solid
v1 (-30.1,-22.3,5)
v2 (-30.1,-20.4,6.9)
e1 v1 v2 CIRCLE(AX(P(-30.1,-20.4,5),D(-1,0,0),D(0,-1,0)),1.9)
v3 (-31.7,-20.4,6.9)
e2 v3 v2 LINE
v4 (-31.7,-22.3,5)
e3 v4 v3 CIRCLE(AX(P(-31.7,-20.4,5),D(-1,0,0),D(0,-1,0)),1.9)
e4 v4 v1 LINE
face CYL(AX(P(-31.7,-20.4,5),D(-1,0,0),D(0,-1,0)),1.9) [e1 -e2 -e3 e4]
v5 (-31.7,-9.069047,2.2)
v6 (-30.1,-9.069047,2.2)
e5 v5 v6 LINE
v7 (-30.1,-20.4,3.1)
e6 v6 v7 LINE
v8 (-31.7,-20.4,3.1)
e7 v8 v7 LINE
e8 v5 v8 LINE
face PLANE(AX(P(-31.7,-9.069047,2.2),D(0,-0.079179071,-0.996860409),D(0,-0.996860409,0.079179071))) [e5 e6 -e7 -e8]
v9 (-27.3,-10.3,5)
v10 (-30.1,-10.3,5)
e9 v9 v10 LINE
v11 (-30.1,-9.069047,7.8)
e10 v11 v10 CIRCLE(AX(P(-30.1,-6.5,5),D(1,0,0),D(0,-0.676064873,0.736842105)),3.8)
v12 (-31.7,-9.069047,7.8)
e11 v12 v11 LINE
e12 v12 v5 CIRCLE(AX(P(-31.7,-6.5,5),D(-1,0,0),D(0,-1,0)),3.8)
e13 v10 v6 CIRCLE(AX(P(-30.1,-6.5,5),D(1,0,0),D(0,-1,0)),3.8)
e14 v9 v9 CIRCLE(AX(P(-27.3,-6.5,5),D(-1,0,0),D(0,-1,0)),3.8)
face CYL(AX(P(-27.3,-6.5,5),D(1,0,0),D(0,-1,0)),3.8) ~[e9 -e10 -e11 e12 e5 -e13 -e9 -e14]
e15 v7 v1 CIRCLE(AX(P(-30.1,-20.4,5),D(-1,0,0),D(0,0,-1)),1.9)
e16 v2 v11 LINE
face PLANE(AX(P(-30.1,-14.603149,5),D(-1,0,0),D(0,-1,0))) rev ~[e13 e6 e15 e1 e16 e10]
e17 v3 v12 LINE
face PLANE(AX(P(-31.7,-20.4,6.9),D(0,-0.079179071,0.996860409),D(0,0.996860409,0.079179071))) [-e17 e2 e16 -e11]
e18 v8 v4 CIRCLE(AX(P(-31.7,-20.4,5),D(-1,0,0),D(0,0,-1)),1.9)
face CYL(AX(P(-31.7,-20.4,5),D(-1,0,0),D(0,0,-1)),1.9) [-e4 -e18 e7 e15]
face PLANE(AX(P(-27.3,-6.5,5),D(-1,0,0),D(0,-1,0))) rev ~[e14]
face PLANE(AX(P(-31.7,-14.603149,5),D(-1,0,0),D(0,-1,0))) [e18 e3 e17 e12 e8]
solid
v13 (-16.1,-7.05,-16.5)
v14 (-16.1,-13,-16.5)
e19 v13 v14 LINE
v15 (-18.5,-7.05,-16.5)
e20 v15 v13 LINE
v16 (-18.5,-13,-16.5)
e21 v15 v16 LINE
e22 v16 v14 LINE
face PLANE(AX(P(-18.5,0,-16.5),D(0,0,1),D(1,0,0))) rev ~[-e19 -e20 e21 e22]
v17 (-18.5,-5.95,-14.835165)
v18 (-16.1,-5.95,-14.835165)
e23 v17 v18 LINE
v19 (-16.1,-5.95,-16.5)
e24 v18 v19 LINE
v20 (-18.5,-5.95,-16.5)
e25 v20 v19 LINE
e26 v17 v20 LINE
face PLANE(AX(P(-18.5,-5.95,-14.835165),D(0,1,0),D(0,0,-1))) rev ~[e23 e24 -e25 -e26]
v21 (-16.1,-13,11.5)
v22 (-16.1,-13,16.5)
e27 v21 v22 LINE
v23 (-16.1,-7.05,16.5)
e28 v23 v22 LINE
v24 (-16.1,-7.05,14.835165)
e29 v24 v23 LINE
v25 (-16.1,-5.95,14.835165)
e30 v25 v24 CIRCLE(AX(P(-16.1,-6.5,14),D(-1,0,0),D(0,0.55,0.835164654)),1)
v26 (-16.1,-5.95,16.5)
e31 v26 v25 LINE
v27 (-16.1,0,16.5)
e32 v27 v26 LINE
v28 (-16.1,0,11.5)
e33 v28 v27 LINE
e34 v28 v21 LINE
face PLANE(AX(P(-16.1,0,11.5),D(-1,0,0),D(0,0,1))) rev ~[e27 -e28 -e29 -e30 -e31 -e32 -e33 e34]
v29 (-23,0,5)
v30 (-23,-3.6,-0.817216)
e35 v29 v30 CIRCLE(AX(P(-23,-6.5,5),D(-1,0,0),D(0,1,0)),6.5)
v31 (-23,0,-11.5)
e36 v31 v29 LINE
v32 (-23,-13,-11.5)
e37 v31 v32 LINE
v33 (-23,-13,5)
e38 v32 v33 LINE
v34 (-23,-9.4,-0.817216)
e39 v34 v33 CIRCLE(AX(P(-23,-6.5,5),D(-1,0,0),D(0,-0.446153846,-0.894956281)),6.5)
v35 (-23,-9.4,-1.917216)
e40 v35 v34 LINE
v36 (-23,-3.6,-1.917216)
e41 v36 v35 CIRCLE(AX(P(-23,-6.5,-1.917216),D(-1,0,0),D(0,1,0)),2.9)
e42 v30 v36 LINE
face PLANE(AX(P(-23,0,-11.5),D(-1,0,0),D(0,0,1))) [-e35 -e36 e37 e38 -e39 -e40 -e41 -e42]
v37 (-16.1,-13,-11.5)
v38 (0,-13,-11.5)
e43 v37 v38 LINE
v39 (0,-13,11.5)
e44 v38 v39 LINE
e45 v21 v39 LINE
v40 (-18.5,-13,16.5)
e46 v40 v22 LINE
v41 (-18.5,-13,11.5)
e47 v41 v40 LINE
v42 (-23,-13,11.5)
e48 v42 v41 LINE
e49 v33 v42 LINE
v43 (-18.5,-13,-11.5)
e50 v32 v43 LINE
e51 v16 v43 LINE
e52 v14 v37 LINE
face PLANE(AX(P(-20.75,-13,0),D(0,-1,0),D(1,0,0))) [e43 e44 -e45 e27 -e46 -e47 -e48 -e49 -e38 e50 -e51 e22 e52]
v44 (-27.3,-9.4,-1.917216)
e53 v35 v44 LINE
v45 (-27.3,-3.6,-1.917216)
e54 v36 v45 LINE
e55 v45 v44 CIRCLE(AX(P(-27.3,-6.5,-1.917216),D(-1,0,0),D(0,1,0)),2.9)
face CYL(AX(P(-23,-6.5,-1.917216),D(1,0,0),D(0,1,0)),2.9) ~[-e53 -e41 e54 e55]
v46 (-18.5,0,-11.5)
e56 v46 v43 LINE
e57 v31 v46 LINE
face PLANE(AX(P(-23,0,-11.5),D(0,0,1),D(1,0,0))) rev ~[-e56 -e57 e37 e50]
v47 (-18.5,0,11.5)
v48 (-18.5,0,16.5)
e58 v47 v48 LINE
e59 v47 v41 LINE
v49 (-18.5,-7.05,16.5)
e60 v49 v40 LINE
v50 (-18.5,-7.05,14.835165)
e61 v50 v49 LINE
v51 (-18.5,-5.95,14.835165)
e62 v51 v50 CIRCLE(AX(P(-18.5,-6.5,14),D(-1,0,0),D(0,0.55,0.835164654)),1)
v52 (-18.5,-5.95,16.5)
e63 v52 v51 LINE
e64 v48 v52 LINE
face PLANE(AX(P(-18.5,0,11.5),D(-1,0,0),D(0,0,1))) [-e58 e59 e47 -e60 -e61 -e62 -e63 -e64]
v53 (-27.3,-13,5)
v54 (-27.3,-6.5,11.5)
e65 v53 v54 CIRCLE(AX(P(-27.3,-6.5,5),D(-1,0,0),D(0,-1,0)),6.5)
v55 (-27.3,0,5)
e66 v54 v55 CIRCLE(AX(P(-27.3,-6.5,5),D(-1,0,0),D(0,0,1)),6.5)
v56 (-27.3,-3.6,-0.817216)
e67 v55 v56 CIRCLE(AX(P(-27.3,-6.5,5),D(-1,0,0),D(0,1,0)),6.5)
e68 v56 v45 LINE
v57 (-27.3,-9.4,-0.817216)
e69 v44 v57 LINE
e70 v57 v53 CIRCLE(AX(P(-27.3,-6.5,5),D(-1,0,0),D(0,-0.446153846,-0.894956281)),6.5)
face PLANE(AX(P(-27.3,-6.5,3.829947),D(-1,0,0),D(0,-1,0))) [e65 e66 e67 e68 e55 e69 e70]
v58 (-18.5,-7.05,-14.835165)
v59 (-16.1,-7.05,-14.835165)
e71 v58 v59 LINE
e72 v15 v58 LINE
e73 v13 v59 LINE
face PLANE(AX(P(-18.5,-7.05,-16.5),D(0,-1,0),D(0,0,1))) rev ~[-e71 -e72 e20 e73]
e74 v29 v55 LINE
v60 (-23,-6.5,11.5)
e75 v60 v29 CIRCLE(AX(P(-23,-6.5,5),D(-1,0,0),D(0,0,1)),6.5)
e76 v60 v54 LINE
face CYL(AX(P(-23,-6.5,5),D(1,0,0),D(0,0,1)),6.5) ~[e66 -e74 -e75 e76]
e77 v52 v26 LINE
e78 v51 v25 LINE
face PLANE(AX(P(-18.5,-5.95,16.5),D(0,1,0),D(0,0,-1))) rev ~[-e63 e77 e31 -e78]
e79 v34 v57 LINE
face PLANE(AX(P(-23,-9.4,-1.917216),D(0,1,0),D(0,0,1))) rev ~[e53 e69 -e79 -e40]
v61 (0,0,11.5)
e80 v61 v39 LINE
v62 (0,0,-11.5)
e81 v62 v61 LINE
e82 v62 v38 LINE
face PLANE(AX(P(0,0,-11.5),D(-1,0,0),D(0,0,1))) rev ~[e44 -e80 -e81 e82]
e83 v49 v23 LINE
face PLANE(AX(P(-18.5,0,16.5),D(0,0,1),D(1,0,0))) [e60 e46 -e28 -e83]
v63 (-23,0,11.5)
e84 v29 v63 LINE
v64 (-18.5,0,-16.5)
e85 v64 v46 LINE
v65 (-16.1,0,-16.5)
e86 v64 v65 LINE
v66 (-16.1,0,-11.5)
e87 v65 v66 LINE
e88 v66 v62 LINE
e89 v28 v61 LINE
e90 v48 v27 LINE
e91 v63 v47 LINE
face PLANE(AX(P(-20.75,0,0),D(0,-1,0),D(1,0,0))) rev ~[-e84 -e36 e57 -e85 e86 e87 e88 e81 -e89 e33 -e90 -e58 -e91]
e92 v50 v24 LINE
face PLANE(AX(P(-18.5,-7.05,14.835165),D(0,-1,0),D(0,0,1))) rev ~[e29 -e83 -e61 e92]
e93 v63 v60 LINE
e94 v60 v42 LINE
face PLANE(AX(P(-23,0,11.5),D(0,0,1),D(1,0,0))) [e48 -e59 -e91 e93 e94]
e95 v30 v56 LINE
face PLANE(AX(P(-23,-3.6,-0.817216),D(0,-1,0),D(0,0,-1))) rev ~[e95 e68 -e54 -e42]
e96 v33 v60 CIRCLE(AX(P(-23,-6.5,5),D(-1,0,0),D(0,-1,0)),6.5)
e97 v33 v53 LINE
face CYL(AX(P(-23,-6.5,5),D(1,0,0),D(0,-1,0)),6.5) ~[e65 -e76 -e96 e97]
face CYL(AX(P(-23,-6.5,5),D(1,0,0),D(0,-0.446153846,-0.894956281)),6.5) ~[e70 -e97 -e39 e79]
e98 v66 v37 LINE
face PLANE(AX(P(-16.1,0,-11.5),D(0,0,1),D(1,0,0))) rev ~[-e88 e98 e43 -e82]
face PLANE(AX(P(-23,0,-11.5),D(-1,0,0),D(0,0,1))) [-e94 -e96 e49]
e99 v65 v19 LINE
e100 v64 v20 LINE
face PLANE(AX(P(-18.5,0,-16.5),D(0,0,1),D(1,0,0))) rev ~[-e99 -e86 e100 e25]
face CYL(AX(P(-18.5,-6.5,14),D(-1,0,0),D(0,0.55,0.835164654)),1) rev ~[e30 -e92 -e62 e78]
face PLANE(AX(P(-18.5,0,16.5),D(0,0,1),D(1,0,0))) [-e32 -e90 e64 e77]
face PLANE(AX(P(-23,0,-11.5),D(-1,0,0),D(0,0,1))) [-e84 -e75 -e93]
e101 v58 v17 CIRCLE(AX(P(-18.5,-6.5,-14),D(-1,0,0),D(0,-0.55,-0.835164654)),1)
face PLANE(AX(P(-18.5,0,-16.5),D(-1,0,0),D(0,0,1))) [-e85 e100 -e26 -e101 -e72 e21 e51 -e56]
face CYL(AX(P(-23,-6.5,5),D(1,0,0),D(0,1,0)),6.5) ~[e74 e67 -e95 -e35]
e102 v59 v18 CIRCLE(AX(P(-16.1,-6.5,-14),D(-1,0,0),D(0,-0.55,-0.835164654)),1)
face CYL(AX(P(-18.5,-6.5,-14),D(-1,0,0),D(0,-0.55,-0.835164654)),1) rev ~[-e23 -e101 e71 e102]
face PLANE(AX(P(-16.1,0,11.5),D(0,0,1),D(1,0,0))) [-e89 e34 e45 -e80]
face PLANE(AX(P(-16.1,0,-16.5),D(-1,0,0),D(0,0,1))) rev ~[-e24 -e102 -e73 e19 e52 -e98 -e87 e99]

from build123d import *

# Parameters (mm, degrees)
F0_W     = 4.5
F0_H     = 23
F0_W_2   = 2.4
F0_H_2   = 5
F0_W_3   = 16.1
F1_DEPTH = 13
F3_DEPTH = 4.3
F5_DEPTH = 18.501
F6_R     = 3.8
F7_DEPTH = 4.4
F9_DEPTH = 1.6


with BuildPart() as f1:
    # F0 (on Front) → F1 (new body)
    with BuildSketch(Plane.XZ):
        with Locations((-20.75, 0)):
            Rectangle(F0_W, F0_H)
        with Locations((-17.3, 14)):
            Rectangle(F0_W_2, F0_H_2)
        with Locations((-8.05, 0)):
            Rectangle(F0_W_3, F0_H)
        with Locations((-17.3, -14)):
            Rectangle(F0_W_2, F0_H_2)
        with Locations((-17.3, 0)):
            Rectangle(F0_W_2, F0_H)
    extrude(amount=F1_DEPTH)

    # F2 (on face) → F3 (join)
    with BuildSketch(Plane(origin=(-23, 0, 0), x_dir=(0, -1, 0), z_dir=(-1, 0, 0))):
        with BuildLine():
            Line((9.4, -1.9172158289), (9.4, -0.8172158289))
            ThreePointArc((9.4, -0.8172158289), (12.0272054422, 1.5794737247), (13, 5))
            ThreePointArc((13, 5), (11.0961940777, 9.5961940777), (6.5, 11.5))
            ThreePointArc((6.5, 11.5), (1.9038059223, 9.5961940777), (0, 5))
            ThreePointArc((0, 5), (0.9727945578, 1.5794737247), (3.6, -0.8172158289))
            Line((3.6, -0.8172158289), (3.6, -1.9172158289))
            ThreePointArc((3.6, -1.9172158289), (6.5, -4.8172158289), (9.4, -1.9172158289))
        make_face()
    extrude(amount=F3_DEPTH)

    # F4 (on face) → F5 (cut, through all)
    with BuildSketch(Plane(origin=(-18.5, 0, 0), x_dir=(0, -1, 0), z_dir=(-1, 0, 0))):
        with BuildLine():
            Line((5.95, 16.5), (5.95, 14.8351646544))
            ThreePointArc((5.95, 14.8351646544), (6.5, 13), (7.05, 14.8351646544))
            Line((7.05, 14.8351646544), (7.05, 16.5))
            Line((7.05, 16.5), (5.95, 16.5))
        make_face()
        with BuildLine():
            Line((7.05, -16.5), (7.05, -14.8351646544))
            ThreePointArc((7.05, -14.8351646544), (6.5, -13), (5.95, -14.8351646544))
            Line((5.95, -14.8351646544), (5.95, -16.5))
            Line((5.95, -16.5), (7.05, -16.5))
        make_face()
    extrude(amount=-F5_DEPTH, mode=Mode.SUBTRACT)


with BuildPart() as f7:
    # F6 (on face) → F7 (new body)
    with BuildSketch(Plane(origin=(-27.3, 0, 0), x_dir=(0, -1, 0), z_dir=(-1, 0, 0))):
        with Locations((6.5, 5)):
            Circle(F6_R)
    extrude(amount=F7_DEPTH)

    # F8 (on face) → F9 (join)
    with BuildSketch(Plane(origin=(-31.7, 0, 0), x_dir=(0, -1, 0), z_dir=(-1, 0, 0))):
        with BuildLine():
            ThreePointArc((20.4, 3.1), (18.5, 5), (20.4, 6.9))
            Line((20.4, 6.9), (9.0690465157, 7.8))
            ThreePointArc((9.0690465157, 7.8), (9.9786762396, 6.5293173706), (10.3, 5))
            ThreePointArc((10.3, 5), (9.9786762396, 3.4706826294), (9.0690465157, 2.2))
            Line((9.0690465157, 2.2), (20.4, 3.1))
        make_face()
        with BuildLine():
            ThreePointArc((20.4, 3.1), (21.7435028843, 3.6564971157), (22.3, 5))
            ThreePointArc((22.3, 5), (21.7435028843, 6.3435028843), (20.4, 6.9))
            ThreePointArc((20.4, 6.9), (18.5, 5), (20.4, 3.1))
        make_face()
    extrude(amount=-F9_DEPTH)


solid = Compound([f1.part, f7.part])
